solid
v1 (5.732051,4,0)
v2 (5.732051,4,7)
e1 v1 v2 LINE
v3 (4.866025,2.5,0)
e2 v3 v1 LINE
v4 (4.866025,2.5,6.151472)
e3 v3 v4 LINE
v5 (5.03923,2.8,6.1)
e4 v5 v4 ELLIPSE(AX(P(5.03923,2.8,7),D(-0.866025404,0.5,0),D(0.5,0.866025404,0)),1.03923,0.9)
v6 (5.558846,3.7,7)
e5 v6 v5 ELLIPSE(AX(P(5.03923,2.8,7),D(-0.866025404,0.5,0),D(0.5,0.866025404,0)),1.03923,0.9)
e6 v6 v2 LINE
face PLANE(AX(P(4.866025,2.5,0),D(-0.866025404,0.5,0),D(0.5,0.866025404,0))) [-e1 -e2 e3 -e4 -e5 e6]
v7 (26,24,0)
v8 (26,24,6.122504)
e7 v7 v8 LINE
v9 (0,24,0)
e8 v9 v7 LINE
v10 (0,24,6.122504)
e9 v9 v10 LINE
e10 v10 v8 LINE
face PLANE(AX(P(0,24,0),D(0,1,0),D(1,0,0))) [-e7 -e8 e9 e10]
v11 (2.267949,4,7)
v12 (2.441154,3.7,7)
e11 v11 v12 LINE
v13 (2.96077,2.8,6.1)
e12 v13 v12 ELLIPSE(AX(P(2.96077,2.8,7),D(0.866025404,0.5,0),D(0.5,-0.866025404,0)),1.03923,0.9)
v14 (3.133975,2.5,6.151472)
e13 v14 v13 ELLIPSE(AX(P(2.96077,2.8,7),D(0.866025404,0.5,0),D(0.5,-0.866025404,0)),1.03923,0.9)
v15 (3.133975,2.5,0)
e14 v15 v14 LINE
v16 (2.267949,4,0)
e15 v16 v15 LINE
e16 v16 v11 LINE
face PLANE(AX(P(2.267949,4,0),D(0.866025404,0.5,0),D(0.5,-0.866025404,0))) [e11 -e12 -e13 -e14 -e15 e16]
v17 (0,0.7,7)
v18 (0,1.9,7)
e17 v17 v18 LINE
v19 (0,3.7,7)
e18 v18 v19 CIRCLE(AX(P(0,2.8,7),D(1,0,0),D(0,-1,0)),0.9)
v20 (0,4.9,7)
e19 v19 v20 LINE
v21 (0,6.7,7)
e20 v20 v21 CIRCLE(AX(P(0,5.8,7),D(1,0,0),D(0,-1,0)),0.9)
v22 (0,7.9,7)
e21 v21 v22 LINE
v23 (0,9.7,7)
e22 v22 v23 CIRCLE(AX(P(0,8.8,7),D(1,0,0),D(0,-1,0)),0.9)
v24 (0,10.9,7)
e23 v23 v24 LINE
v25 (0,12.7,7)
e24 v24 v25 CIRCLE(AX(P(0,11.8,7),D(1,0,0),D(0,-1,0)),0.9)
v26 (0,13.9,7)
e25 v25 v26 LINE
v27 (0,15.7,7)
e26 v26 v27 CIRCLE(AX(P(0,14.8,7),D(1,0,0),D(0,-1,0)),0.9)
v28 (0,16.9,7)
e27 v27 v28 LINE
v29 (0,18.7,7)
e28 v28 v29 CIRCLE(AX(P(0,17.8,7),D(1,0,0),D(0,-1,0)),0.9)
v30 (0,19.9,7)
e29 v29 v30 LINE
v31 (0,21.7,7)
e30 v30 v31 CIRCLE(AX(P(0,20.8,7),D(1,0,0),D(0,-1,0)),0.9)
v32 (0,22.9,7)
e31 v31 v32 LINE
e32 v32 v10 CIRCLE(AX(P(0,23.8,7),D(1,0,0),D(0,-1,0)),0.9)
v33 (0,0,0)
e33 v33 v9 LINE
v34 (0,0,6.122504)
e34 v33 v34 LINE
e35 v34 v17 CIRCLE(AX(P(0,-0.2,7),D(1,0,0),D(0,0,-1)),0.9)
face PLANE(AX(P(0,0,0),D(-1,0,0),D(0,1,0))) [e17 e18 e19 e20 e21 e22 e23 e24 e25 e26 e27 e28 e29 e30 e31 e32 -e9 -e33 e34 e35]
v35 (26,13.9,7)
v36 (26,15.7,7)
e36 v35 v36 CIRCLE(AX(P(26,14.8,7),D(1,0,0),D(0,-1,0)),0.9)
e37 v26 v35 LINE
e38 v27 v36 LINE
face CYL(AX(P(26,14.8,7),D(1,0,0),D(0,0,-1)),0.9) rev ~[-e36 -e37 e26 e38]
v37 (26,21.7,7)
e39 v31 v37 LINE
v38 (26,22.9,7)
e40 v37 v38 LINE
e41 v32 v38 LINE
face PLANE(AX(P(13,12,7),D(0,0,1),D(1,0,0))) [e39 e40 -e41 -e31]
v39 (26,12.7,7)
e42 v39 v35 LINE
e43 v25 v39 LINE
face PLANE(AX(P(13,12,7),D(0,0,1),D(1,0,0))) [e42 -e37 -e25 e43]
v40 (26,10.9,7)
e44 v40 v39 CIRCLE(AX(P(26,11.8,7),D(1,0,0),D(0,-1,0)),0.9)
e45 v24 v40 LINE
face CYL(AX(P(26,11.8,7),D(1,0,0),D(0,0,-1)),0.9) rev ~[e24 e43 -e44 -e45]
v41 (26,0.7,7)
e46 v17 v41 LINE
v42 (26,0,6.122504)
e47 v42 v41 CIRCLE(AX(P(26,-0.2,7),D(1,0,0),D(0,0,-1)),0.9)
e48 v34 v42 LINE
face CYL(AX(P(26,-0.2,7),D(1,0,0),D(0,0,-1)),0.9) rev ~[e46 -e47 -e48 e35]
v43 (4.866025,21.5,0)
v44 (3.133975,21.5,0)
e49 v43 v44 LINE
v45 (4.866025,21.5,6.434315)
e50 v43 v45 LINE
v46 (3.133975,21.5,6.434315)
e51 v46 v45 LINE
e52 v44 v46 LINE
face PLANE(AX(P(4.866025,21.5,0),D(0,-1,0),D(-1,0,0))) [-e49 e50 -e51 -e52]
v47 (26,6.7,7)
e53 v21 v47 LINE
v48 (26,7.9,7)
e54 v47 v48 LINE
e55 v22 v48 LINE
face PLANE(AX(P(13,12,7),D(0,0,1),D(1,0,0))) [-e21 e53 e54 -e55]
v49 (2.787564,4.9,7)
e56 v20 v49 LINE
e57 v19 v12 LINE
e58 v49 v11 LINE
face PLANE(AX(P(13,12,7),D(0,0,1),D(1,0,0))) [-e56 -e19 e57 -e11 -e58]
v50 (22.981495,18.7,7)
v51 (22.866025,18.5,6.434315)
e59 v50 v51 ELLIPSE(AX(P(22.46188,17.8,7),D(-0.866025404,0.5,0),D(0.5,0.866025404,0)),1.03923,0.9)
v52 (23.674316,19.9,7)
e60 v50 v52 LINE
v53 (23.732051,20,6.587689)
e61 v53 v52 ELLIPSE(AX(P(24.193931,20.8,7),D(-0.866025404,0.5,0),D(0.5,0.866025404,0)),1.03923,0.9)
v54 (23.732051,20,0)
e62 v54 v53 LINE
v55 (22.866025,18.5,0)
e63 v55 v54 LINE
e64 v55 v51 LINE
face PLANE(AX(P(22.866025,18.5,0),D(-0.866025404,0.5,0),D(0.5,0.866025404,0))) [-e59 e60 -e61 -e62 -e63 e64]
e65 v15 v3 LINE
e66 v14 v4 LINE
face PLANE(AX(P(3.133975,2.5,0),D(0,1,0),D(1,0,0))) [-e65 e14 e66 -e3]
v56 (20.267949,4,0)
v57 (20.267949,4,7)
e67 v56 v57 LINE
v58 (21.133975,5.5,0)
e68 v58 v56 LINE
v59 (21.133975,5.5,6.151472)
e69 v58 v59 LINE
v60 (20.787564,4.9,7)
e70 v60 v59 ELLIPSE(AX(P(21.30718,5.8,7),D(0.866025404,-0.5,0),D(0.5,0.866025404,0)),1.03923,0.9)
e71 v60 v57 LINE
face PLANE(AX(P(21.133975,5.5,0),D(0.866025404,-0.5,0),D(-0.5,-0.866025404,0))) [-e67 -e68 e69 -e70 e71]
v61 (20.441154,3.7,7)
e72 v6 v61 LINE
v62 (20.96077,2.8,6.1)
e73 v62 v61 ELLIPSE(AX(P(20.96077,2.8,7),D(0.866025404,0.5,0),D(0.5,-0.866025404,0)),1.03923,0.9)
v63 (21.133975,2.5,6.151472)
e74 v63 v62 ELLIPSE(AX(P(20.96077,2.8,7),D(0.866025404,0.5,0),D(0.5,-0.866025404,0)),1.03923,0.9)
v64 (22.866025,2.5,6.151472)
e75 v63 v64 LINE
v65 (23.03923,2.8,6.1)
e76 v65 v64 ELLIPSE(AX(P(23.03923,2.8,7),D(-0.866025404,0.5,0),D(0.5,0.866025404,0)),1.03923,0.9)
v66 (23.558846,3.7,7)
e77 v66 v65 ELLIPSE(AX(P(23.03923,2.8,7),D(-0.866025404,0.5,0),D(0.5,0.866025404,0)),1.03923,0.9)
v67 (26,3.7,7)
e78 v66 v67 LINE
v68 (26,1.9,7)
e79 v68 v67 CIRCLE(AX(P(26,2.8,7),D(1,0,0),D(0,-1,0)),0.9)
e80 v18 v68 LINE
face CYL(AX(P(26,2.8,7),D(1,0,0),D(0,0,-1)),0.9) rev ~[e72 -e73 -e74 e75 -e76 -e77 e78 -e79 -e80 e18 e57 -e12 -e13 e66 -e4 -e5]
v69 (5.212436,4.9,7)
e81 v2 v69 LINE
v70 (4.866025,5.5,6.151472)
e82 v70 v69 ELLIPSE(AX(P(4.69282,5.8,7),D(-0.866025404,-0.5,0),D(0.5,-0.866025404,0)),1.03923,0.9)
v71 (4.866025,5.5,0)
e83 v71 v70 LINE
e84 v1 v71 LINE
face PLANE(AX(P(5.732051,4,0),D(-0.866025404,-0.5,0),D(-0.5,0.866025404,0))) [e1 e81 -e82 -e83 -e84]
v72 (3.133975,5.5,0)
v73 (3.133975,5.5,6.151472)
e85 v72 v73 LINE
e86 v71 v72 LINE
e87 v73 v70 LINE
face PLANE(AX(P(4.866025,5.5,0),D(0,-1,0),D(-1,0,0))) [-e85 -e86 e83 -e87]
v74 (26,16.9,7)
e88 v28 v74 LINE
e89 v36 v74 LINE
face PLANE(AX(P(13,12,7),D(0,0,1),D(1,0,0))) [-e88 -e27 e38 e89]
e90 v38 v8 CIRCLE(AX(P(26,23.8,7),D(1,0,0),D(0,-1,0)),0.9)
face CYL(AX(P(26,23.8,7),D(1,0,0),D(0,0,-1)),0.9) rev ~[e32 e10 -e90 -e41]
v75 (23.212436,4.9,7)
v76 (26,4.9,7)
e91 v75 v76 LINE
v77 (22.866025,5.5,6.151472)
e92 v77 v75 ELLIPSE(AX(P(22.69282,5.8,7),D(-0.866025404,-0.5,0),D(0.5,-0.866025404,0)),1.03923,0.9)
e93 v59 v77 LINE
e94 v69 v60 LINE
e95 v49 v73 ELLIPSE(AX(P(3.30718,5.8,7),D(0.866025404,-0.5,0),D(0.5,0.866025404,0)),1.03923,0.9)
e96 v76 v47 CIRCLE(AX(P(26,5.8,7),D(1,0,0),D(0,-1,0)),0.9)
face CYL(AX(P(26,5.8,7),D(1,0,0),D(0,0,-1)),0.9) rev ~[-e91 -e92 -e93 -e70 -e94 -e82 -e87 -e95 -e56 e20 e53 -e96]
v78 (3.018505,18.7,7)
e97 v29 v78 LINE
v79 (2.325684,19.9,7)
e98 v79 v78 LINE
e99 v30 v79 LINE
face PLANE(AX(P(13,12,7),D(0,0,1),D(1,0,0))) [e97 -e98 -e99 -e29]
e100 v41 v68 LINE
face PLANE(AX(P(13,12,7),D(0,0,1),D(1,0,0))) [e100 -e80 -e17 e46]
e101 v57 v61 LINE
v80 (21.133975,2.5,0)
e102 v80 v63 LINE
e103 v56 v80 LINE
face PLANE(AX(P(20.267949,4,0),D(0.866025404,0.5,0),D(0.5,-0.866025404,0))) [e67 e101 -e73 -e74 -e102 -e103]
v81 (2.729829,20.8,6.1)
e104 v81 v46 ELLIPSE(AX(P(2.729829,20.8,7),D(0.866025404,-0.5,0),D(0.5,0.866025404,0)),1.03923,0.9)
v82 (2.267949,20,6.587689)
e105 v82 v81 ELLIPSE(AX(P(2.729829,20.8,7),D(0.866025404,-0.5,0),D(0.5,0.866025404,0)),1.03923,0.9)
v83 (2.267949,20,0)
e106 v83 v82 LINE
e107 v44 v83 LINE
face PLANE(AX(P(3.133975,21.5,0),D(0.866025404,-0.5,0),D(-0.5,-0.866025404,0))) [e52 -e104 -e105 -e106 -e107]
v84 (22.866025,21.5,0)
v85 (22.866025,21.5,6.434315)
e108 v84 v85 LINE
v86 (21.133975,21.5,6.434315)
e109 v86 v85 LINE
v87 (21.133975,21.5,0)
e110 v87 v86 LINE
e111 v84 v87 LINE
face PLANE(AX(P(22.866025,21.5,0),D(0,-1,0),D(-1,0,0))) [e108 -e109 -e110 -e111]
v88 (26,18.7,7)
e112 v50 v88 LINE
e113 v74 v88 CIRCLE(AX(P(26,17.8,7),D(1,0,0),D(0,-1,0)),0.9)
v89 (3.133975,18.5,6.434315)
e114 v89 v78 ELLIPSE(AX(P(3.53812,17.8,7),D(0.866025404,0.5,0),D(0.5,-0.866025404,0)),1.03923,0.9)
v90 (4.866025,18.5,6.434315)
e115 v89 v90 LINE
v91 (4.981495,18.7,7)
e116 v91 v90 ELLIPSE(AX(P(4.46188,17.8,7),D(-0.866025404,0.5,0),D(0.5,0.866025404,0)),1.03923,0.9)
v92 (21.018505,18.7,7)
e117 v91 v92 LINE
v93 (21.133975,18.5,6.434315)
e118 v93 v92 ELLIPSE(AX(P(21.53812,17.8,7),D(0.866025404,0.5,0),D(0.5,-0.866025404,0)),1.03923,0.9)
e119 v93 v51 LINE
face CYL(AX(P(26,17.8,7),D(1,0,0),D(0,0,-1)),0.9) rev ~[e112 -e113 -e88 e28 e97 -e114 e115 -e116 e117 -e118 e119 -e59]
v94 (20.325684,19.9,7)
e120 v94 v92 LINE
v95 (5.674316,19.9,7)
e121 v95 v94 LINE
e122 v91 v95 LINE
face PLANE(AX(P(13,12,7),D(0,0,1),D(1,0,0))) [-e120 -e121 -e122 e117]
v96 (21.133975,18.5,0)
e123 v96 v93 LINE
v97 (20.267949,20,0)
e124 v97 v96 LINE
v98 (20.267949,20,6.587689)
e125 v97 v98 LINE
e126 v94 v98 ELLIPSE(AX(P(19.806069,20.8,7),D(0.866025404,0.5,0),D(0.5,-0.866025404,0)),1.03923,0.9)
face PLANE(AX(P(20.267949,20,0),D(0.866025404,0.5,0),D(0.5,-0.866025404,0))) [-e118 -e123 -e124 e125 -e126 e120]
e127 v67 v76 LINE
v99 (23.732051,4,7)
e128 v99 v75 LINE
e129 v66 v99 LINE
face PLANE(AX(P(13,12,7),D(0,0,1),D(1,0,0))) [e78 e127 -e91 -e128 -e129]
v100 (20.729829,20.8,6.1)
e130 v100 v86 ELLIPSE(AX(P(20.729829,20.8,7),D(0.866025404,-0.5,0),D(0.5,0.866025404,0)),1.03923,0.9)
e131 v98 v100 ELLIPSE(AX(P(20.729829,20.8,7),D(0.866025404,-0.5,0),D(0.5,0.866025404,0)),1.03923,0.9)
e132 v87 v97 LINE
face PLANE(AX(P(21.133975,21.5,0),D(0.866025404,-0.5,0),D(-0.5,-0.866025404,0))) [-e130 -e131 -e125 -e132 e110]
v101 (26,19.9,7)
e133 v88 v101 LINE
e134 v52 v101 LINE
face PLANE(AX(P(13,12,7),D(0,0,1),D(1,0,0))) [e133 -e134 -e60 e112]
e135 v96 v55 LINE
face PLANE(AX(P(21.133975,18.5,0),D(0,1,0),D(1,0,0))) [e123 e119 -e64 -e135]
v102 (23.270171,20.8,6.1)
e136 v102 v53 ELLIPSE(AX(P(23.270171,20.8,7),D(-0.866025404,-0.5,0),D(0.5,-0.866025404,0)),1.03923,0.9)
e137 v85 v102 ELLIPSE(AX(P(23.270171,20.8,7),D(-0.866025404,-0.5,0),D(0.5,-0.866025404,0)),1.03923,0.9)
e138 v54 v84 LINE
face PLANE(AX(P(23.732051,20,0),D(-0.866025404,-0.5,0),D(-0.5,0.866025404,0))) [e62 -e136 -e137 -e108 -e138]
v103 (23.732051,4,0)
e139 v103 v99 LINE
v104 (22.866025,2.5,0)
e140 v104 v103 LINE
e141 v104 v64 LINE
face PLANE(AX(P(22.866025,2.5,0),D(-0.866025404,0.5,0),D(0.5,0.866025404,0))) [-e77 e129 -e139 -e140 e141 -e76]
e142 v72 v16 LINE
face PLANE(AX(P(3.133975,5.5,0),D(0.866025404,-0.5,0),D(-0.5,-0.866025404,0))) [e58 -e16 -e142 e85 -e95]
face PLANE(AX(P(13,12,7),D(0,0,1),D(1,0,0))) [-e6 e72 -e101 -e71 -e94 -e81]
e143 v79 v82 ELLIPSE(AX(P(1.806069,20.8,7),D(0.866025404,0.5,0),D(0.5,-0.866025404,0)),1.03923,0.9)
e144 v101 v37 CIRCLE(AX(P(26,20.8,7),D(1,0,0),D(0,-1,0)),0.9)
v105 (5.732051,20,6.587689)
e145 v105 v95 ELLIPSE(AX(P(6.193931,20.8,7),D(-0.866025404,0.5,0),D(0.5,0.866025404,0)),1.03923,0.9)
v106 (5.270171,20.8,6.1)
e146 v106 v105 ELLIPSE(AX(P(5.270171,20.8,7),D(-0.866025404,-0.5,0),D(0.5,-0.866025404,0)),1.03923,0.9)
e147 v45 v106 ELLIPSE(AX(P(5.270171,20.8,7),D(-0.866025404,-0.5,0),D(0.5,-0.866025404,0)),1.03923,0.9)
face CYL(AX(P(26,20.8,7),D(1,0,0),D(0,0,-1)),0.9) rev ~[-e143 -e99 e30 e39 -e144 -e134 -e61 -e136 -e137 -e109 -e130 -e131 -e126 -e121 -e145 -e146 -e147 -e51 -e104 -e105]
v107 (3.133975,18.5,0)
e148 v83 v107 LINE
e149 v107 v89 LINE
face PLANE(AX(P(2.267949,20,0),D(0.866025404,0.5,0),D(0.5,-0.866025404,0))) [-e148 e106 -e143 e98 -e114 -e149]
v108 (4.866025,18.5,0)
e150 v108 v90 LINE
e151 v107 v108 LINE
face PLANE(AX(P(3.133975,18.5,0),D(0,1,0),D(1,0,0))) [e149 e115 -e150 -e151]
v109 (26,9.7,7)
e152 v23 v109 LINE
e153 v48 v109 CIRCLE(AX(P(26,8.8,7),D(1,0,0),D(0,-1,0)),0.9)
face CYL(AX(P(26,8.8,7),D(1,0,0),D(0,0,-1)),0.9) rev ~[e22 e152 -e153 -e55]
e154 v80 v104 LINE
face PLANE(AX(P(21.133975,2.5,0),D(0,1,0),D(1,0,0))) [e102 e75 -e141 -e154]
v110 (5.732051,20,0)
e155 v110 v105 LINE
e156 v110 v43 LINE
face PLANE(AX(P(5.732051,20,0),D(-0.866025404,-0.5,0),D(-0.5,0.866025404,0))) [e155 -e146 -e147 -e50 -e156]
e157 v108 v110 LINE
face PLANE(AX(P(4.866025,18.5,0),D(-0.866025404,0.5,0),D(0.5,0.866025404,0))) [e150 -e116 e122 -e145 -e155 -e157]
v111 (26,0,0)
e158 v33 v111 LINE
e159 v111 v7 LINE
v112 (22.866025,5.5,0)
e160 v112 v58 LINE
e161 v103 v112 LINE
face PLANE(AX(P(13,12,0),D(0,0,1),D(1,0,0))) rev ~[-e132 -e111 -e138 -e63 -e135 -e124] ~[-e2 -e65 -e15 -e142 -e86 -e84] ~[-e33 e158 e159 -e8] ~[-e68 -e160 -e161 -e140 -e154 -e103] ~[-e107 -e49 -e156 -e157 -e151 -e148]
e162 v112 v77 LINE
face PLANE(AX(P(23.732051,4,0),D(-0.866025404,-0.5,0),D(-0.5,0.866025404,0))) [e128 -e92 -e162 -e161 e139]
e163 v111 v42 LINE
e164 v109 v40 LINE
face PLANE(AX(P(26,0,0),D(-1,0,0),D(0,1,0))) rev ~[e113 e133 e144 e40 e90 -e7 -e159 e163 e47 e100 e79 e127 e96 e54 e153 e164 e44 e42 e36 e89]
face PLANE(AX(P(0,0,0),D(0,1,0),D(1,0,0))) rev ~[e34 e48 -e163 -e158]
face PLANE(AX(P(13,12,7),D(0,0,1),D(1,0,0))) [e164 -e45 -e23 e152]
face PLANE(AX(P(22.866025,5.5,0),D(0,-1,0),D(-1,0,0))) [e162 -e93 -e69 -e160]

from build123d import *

# Parameters (mm, degrees)
SKETCH3_W           = 26
SKETCH3_H           = 24
BOSS_EXTRUDE2_DEPTH = 7
SKETCH7_R           = 0.9
CUT_EXTRUDE1_DEPTH  = 27


with BuildPart() as part:
    # Sketch3 → Boss-Extrude2 (new body)
    with BuildSketch(Plane.XY):
        with Locations((13, 12)):
            Rectangle(SKETCH3_W, SKETCH3_H)
        Polygon((5.732050808, 4), (4.866025404, 5.5), (3.133974596, 5.5), (2.267949192, 4), (3.133974596, 2.5), (4.866025404, 2.5), align=None, mode=Mode.SUBTRACT)
        Polygon((5.732050808, 20), (4.866025404, 21.5), (3.133974596, 21.5), (2.267949192, 20), (3.133974596, 18.5), (4.866025404, 18.5), align=None, mode=Mode.SUBTRACT)
        Polygon((23.732050808, 20), (22.866025404, 21.5), (21.133974596, 21.5), (20.267949192, 20), (21.133974596, 18.5), (22.866025404, 18.5), align=None, mode=Mode.SUBTRACT)
        Polygon((23.732050808, 4), (22.866025404, 5.5), (21.133974596, 5.5), (20.267949192, 4), (21.133974596, 2.5), (22.866025404, 2.5), align=None, mode=Mode.SUBTRACT)
    extrude(amount=BOSS_EXTRUDE2_DEPTH)

    # Sketch7 → Cut-Extrude1 (cut, through all)
    with BuildSketch(Plane(origin=(26, 0, 0), x_dir=(0, 0, -1), z_dir=(1, 0, 0))):
        with Locations((-7, 23.8)):
            Circle(SKETCH7_R)
        with Locations((-7, 20.8)):
            Circle(SKETCH7_R)
        with Locations((-7, 17.8)):
            Circle(SKETCH7_R)
        with Locations((-7, 14.8)):
            Circle(SKETCH7_R)
        with Locations((-7, 11.8)):
            Circle(SKETCH7_R)
        with Locations((-7, 8.8)):
            Circle(SKETCH7_R)
        with Locations((-7, 5.8)):
            Circle(SKETCH7_R)
        with Locations((-7, 2.8)):
            Circle(SKETCH7_R)
        with Locations((-7, -0.2)):
            Circle(SKETCH7_R)
    extrude(amount=-CUT_EXTRUDE1_DEPTH, mode=Mode.SUBTRACT)


solid = part.part
